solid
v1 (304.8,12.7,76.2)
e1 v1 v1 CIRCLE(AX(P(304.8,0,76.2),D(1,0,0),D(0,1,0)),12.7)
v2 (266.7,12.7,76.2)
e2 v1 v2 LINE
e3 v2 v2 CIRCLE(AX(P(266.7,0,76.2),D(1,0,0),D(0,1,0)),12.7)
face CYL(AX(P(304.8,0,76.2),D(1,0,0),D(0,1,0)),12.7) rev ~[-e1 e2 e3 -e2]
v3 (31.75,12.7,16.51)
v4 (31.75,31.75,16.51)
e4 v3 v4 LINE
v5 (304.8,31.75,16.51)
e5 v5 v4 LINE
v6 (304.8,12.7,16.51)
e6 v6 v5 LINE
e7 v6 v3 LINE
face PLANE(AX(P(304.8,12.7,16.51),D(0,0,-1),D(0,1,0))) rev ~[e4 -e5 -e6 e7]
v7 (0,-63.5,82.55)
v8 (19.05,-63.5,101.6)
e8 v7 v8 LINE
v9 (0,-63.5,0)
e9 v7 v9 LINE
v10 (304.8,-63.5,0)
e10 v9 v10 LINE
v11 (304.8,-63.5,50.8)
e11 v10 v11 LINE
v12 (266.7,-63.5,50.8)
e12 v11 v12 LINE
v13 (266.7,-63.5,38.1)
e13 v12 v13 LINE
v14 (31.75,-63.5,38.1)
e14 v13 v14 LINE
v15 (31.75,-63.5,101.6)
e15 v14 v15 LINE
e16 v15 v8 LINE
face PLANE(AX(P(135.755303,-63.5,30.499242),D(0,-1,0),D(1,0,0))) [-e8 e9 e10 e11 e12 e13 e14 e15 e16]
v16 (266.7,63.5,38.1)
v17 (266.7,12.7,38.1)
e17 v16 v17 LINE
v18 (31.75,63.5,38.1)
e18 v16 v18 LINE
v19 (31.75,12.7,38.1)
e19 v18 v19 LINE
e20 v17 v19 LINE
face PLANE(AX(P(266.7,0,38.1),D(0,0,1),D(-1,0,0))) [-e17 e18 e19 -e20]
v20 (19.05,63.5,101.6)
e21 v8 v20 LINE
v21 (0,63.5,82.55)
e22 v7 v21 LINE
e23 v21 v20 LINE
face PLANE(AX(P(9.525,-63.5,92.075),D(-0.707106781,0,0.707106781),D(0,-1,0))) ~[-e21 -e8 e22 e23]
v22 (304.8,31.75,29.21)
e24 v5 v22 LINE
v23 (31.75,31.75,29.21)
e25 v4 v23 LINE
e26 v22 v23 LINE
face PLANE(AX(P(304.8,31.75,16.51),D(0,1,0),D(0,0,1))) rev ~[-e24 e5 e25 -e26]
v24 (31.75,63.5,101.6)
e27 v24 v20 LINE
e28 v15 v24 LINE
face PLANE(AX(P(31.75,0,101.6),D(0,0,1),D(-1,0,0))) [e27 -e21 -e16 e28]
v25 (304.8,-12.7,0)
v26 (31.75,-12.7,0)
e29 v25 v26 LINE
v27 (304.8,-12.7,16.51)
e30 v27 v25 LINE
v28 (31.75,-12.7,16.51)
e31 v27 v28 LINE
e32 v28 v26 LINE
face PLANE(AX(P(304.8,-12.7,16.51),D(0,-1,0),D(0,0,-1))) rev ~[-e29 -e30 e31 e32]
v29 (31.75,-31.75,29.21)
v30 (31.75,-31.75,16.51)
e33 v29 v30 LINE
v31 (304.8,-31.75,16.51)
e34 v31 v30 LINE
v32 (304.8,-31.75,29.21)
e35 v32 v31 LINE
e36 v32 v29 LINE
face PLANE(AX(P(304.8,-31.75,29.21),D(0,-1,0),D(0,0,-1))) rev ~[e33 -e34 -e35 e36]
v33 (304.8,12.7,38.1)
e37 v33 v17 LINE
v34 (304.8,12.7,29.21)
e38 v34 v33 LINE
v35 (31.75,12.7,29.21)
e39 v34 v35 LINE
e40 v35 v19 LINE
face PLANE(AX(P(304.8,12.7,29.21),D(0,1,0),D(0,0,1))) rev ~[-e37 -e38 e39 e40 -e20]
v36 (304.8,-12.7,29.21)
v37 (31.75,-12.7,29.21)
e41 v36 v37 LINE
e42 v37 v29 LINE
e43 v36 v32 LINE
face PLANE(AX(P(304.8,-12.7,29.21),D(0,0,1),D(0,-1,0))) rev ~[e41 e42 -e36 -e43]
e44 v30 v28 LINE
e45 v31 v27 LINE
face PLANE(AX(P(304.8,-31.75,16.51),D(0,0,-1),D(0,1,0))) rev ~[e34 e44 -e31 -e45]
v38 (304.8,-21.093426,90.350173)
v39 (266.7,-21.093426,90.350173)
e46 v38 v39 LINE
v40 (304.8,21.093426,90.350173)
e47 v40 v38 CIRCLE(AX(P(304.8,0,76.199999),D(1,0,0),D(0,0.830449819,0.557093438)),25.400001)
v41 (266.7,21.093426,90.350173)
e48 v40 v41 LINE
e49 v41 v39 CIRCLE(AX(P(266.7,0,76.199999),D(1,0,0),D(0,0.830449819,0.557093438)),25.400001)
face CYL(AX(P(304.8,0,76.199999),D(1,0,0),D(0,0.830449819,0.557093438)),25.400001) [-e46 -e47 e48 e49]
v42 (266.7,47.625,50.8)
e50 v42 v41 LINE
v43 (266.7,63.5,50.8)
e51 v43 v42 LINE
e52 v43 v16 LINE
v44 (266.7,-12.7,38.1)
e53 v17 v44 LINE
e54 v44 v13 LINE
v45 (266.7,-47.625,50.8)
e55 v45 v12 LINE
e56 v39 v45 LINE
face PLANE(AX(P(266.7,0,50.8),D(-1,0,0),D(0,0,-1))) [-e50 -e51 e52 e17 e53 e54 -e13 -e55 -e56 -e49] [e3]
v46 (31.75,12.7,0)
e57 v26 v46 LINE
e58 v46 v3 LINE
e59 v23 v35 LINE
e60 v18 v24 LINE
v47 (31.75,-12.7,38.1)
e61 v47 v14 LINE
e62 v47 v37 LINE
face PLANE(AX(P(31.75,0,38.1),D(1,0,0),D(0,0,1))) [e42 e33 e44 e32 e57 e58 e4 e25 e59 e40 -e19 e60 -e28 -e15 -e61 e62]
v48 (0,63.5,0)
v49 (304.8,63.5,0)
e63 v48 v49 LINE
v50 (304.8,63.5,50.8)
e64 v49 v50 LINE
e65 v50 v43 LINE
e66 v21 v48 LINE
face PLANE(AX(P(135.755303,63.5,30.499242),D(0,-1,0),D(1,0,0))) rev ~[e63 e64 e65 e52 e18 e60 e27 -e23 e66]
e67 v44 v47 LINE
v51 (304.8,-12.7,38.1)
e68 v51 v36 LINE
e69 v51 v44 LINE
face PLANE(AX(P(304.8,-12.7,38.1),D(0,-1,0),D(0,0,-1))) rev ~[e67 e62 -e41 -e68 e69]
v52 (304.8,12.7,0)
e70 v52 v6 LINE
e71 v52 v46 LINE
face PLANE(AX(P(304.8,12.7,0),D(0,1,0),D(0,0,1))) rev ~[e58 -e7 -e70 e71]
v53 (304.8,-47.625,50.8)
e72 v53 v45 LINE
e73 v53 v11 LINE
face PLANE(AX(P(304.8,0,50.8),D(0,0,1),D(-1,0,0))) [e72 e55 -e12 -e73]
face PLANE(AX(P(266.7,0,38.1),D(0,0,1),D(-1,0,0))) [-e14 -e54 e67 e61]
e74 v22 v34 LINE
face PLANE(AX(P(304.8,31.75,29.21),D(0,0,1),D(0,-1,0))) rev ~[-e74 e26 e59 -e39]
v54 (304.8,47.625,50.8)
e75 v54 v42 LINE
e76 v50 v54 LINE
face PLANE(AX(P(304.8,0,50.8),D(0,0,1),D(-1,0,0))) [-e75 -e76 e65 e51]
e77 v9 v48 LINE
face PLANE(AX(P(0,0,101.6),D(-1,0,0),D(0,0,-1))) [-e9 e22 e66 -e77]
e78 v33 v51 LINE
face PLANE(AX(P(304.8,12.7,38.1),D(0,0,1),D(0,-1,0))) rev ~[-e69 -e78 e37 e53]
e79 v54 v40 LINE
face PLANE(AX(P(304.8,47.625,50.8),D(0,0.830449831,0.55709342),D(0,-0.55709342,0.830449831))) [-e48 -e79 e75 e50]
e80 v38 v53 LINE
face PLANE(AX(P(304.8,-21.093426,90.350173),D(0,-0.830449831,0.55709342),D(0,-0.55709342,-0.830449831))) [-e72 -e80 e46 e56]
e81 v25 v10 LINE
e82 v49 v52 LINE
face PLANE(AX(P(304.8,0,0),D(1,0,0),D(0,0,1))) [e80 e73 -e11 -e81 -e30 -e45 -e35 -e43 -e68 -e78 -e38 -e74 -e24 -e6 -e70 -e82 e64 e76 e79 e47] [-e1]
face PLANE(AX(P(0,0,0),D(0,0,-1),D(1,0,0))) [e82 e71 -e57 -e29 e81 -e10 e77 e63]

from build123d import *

# Parameters (mm, degrees)
F1_DEPTH = 63.5
F2_SIZE2 = 19.05
F2_SIZE  = 19.05
F4_DEPTH = 273.05
F5_R     = 12.7
F6_DEPTH = 38.1


with BuildPart() as f1:
    # F0 (on Front) → F1 (new body, symmetric)
    with BuildSketch(Plane.XZ):
        Polygon((0, 38.1), (0, 0), (304.8, 0), (304.8, 38.1), (304.8, 50.8), (266.7, 50.8), (266.7, 38.1), (31.75, 38.1), (31.75, 101.6), (0, 101.6), align=None)
    extrude(amount=F1_DEPTH, both=True)

    # F2
    f2_edges = [f1.edges().sort_by_distance(p)[0] for p in [
        (0, 0, 101.6),
    ]]
    chamfer(f2_edges, length=F2_SIZE, length2=F2_SIZE2)

    # F3 (on face) → F4 (cut, through all)
    with BuildSketch(Plane.YZ.offset(304.8)):
        Polygon((-12.7, 16.51), (-12.7, 0), (12.7, 0), (12.7, 16.51), (31.75, 16.51), (31.75, 29.21), (12.7, 29.21), (12.7, 38.1), (-12.7, 38.1), (-12.7, 29.21), (-31.75, 29.21), (-31.75, 16.51), align=None)
    extrude(amount=-F4_DEPTH, mode=Mode.SUBTRACT)

    # F5 (on face) → F6 (join, through all)
    with BuildSketch(Plane.YZ.offset(304.8)):
        with BuildLine():
            Line((-21.093426, 90.350173), (-47.625, 50.8))
            Line((-47.625, 50.8), (47.625, 50.8))
            Line((47.625, 50.8), (21.093426, 90.350173))
            ThreePointArc((21.093426, 90.350173), (0, 101.6), (-21.093426, 90.350173))
        make_face()
        with Locations((0, 76.2)):
            Circle(F5_R, mode=Mode.SUBTRACT)
    extrude(amount=-F6_DEPTH)


solid = f1.part
